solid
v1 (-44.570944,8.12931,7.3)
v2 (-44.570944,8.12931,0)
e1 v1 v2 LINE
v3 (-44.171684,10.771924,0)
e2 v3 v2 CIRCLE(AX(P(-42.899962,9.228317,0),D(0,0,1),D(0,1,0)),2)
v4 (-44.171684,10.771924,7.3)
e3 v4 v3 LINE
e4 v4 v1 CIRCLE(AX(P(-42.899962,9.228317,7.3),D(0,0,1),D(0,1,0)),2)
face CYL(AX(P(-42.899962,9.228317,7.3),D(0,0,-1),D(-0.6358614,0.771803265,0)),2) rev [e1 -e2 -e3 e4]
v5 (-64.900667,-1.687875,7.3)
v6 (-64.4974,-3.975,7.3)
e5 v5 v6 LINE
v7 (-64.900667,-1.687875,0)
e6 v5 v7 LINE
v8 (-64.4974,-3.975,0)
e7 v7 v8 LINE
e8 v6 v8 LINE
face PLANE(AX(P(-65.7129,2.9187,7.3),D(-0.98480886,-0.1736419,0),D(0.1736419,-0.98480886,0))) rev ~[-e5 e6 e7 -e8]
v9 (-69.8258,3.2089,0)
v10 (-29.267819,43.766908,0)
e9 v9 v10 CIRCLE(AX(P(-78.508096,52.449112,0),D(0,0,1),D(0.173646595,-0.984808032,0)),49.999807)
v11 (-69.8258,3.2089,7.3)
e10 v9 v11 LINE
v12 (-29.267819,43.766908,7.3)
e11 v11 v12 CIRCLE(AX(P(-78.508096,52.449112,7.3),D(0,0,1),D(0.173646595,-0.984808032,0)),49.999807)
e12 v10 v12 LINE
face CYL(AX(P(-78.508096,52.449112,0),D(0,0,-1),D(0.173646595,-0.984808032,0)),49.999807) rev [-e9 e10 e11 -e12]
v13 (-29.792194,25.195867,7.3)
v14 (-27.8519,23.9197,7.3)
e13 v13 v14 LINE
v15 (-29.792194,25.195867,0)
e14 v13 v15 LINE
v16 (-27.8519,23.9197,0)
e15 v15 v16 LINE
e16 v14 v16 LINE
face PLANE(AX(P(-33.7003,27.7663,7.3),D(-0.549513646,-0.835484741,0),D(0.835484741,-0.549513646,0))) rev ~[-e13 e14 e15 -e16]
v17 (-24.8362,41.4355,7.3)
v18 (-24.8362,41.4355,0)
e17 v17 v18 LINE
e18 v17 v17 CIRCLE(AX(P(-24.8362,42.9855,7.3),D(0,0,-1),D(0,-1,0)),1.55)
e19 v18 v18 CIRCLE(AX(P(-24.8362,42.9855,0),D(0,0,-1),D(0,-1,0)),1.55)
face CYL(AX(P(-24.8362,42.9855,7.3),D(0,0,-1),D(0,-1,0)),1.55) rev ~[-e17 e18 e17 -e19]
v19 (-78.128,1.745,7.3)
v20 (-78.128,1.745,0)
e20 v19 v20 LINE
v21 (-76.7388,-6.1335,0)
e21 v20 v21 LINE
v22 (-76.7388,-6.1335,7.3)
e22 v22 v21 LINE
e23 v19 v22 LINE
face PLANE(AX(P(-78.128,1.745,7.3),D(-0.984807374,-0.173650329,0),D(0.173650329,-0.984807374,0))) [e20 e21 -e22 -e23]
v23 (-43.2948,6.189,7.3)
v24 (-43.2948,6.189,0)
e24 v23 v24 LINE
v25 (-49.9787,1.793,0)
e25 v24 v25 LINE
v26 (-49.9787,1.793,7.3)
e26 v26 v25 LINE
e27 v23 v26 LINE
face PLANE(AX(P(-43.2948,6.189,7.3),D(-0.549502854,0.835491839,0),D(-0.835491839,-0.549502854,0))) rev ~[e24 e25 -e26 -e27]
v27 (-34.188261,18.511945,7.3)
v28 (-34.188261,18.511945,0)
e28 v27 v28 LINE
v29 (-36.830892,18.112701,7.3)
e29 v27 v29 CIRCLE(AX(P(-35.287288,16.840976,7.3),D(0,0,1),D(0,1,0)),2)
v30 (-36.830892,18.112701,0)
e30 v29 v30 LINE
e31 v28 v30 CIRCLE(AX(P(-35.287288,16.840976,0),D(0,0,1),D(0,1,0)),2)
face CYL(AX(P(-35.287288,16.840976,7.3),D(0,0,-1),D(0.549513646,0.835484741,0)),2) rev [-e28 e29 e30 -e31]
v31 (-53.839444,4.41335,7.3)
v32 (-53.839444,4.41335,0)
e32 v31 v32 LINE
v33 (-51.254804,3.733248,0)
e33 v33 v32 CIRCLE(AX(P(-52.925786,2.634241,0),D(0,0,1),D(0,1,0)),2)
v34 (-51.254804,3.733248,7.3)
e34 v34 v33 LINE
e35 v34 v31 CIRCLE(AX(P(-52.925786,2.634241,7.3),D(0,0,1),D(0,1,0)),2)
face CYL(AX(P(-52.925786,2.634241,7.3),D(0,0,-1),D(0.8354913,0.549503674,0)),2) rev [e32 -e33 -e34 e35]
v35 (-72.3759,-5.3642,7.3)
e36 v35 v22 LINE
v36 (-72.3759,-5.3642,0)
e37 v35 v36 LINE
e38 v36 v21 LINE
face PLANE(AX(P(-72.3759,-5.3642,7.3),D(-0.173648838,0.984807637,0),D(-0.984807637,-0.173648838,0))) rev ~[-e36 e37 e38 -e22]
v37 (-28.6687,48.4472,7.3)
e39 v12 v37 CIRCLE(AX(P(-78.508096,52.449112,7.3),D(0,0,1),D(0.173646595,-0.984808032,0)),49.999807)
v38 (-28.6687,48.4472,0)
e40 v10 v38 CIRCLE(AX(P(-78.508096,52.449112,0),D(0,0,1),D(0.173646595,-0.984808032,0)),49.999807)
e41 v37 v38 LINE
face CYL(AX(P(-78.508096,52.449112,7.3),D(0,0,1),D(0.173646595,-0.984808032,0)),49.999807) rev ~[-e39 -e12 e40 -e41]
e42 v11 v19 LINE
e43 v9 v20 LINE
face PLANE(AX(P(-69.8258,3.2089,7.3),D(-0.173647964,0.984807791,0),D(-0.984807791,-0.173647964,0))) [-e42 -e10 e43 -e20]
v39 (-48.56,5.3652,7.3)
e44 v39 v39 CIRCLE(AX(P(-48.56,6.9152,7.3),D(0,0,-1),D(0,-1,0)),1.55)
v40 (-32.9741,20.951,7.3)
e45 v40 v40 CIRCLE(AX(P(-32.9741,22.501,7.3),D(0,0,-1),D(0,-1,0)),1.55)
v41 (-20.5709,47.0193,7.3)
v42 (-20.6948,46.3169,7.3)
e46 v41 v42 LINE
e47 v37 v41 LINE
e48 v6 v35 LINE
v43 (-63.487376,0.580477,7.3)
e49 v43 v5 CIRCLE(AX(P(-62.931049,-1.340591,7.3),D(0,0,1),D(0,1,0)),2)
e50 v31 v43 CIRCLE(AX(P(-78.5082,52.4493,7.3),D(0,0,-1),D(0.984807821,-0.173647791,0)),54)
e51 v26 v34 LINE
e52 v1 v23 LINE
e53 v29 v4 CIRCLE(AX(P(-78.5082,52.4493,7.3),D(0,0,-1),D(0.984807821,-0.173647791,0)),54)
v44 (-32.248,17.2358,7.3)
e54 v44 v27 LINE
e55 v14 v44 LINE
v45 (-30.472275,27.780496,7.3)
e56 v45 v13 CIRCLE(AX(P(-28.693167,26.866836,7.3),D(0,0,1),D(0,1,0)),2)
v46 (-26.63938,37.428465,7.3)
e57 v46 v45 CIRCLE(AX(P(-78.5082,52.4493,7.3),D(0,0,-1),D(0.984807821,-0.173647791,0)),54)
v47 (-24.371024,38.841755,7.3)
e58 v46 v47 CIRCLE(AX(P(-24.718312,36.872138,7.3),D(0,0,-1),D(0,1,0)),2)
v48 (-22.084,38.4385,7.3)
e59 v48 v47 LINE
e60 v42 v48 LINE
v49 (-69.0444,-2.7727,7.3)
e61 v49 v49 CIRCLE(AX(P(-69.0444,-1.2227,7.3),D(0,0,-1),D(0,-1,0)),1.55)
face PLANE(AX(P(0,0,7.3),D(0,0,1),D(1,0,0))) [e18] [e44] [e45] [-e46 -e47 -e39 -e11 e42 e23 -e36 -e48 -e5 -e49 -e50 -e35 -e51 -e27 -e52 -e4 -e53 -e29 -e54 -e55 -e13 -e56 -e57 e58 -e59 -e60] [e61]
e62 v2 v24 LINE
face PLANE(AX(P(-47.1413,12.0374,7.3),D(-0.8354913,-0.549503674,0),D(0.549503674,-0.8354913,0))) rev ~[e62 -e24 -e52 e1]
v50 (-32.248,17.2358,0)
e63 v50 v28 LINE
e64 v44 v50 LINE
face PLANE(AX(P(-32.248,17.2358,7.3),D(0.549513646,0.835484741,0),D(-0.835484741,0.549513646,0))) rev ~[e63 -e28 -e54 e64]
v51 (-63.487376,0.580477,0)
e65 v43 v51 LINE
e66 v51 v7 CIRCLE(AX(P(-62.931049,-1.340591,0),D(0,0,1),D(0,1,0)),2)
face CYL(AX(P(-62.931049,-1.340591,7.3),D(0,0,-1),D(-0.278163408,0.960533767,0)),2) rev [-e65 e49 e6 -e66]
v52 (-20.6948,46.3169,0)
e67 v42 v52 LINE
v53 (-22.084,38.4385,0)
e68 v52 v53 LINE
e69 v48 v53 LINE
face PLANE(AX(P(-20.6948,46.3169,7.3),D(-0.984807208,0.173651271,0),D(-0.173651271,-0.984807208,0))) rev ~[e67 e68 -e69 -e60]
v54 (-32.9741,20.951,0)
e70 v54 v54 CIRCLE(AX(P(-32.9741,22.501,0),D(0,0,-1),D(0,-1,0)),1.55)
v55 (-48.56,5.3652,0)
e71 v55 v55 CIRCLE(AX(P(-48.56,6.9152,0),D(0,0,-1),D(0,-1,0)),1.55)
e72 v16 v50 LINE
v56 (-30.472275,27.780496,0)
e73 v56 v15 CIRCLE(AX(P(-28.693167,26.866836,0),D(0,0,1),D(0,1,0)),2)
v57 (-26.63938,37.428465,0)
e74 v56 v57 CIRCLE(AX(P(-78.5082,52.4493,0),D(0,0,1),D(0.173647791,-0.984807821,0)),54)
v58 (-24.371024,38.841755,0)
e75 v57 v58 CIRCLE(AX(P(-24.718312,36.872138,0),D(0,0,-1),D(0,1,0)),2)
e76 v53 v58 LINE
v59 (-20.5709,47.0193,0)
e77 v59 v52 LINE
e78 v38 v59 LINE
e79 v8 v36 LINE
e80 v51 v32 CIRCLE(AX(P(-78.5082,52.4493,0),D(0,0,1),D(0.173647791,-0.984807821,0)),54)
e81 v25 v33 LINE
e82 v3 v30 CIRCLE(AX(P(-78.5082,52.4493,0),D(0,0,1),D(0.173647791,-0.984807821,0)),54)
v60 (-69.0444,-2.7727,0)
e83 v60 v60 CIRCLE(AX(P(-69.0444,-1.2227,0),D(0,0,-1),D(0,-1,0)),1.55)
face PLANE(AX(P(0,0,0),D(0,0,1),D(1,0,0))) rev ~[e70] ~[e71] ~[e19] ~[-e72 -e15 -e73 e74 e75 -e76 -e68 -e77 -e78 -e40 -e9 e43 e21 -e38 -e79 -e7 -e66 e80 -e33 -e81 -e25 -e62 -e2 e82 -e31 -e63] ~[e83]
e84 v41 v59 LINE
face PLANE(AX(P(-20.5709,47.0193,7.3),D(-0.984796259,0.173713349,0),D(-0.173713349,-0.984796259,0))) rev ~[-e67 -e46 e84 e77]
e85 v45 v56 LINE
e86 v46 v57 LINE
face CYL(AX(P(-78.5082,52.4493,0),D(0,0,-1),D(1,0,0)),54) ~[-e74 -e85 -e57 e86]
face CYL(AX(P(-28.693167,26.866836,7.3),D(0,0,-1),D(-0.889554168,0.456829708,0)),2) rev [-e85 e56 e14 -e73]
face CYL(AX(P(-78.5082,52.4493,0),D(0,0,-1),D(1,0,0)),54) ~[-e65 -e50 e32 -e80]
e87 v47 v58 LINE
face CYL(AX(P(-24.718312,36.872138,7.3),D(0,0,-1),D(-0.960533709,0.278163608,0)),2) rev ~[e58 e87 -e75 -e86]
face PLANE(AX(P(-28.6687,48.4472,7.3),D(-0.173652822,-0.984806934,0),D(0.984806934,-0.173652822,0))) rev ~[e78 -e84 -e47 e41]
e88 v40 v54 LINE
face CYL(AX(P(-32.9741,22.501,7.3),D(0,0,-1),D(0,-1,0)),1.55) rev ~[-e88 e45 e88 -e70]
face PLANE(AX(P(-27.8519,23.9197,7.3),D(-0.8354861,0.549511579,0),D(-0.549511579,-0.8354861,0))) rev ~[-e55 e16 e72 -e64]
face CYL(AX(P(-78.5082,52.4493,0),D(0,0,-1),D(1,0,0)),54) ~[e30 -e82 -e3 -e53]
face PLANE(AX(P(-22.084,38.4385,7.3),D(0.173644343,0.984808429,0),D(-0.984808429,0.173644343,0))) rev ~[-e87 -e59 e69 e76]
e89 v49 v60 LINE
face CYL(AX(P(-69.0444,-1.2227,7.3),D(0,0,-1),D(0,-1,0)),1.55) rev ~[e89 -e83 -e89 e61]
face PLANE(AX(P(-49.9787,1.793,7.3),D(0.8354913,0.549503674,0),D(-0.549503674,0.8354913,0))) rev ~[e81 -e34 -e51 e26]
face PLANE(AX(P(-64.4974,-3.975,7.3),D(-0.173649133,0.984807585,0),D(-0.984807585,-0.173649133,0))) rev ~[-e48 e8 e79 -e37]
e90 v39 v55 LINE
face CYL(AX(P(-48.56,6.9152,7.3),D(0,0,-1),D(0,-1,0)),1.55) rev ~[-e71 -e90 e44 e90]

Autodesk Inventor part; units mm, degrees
ref_plane "YZ Plane" through (0, 0, 0) normal (1, 0, 0) x (0, 1, 0)
ref_plane "XZ Plane" through (0, 0, 0) normal (0, 1, 0) x (-1, 0, 0)
ref_plane "XY Plane" through (0, 0, 0) normal (0, 0, 1) x (1, 0, 0)
sketch "Sketch1" plane through (0, 0, 0) normal (0, 0, 1) x (1, 0, 0)
  circle A0 centre (-48.56, 6.9152) radius 2.1 projected
  circle A1 centre (-32.9741, 22.501) radius 2.1 projected
  circle A2 centre (-69.0444, -1.2227) radius 2.1 projected
  circle A3 centre (-24.8362, 42.9855) radius 2.1 projected
  circle A4 centre (-46.3856, -8.3913) radius 8 projected
  line L0 (-28.6687, 48.4472) -> (-17.4995, 54.7179) projected
  arc A5 (-69.8258, 3.2089) -> (-28.6687, 48.4472) centre (-78.5082, 52.4493) ccw projected
  line L1 (-69.8258, 3.2089) -> (-78.128, 1.745) projected
  line L2 (-78.128, 1.745) -> (-74.0482, -21.3924) projected
  line L3 (-74.0482, -21.3924) -> (-70.3922, -20.7477) projected
  arc A6 (-70.3922, -20.7477) -> (-49.7861, -35.1763) centre (-46.3856, -8.3913) ccw projected
  line L4 (-49.7861, -35.1763) -> (-49.1414, -38.8323) projected
  line L5 (-49.1414, -38.8323) -> (-41.263, -37.4431) projected
  line L6 (-41.263, -37.4431) -> (4.3164, -53.3072) projected
  line L7 (4.3164, -53.3072) -> (1.8974, -59.9532) projected
  line L8 (1.8974, -59.9532) -> (17.5702, -63.2237) projected
  arc A7 (17.5702, -63.2237) -> (22.7521, -63.408) centre (22.2724, -3.9734) ccw projected
  line L9 (22.7521, -63.408) -> (22.7442, -62.4373) projected
  arc A8 (24.6597, -60.4229) -> (22.7442, -62.4373) centre (24.7442, -62.4211) ccw projected
  arc A9 (24.6597, -60.4229) -> (33.3265, -59.3815) centre (22.2724, -3.9734) ccw projected
  arc A10 (35.6646, -60.8847) -> (33.3265, -59.3815) centre (33.7178, -61.3428) ccw projected
  line L10 (35.6646, -60.8847) -> (35.9706, -62.1851) projected
  arc A11 (35.9706, -62.1851) -> (41.9803, -60.4344) centre (22.2724, -3.9734) ccw projected
  line L11 (41.9803, -60.4344) -> (52.856, -55.363) projected
  arc A12 (52.856, -55.363) -> (58.0602, -51.8846) centre (22.2724, -3.9734) ccw projected
  line L12 (58.0602, -51.8846) -> (57.2607, -50.8143) projected
  arc A13 (57.6121, -48.0569) -> (57.2607, -50.8143) centre (58.863, -49.6174) ccw projected
  arc A14 (57.6121, -48.0569) -> (63.9808, -42.0872) centre (22.2724, -3.9734) ccw projected
  arc A15 (66.7551, -41.9147) -> (63.9808, -42.0872) centre (65.4572, -43.4363) ccw projected
  line L13 (66.7551, -41.9147) -> (67.4937, -42.5447) projected
  arc A16 (67.4937, -42.5447) -> (70.6833, -38.4566) centre (22.2724, -3.9734) ccw projected
  line L14 (70.6833, -38.4566) -> (78.2523, -24.3484) projected
  line L15 (78.2523, -24.3484) -> (71.6063, -21.9294) projected
  arc A17 (71.6063, -21.9294) -> (67.7387, 22.2766) centre (22.2724, -3.9734) ccw projected
  line L16 (67.7387, 22.2766) -> (73.8637, 25.8129) projected
  line L17 (73.8637, 25.8129) -> (63.9599, 38.3925) projected
  arc A18 (63.9599, 38.3925) -> (60.1088, 41.8646) centre (22.2724, -3.9734) ccw projected
  line L18 (60.1088, 41.8646) -> (59.4908, 41.1159) projected
  arc A19 (56.7287, 40.804) -> (59.4908, 41.1159) centre (57.9484, 42.389) ccw projected
  arc A20 (56.7287, 40.804) -> (49.4201, 45.5771) centre (22.2724, -3.9734) ccw projected
  arc A21 (48.5953, 48.2316) -> (49.4201, 45.5771) centre (50.3811, 47.3311) ccw projected
  line L19 (48.5953, 48.2316) -> (49.1968, 49.4245) projected
  arc A22 (49.1968, 49.4245) -> (43.4677, 51.9463) centre (22.2724, -3.9734) ccw projected
  line L20 (43.4677, 51.9463) -> (31.8766, 55.0521) projected
  arc A23 (31.8766, 55.0521) -> (25.6541, 55.7327) centre (22.2724, -3.9734) ccw projected
  line L21 (25.6541, 55.7327) -> (25.5786, 54.3989) projected
  arc A24 (23.537, 52.5125) -> (25.5786, 54.3989) centre (23.5818, 54.512) ccw projected
  arc A25 (23.537, 52.5125) -> (14.821, 52.0331) centre (22.2724, -3.9734) ccw projected
  arc A26 (12.5849, 53.6843) -> (14.821, 52.0331) centre (14.5573, 54.0157) ccw projected
  line L22 (12.5849, 53.6843) -> (12.4241, 54.6417) projected
  arc A27 (12.4241, 54.6417) -> (7.3529, 53.5603) centre (22.2724, -3.9734) ccw projected
  line L23 (7.3529, 53.5603) -> (-7.5139, 47.618) projected
  line L24 (-7.5139, 47.618) -> (-17.4995, 54.7179) projected
  circle A28 centre (-71.296, -16.8454) radius 1.5 projected
  circle A29 centre (18.8152, -59.8032) radius 1.5 projected
  circle A30 centre (53.4562, -50.8504) radius 1.5 projected
  circle A31 centre (60.8075, 36.5725) radius 1.5 projected
  circle A32 centre (28.5162, 51.9811) radius 1.5 projected
  circle A33 centre (9.173, 50.4079) radius 1.5 projected
  circle A34 centre (44.8423, 47.6065) radius 1.5 projected
  circle A35 centre (67.2628, -37.2117) radius 1.5 projected
  circle A36 centre (38.1378, -57.9935) radius 1.5 projected
  circle A37 centre (-45.81, -34.6909) radius 1.5 projected
  circle A38 centre (22.2724, -3.9734) radius 32.5 projected
  circle A39 centre (-78.5082, 52.4493) radius 5.9 projected
  circle A40 centre (-78.5082, 52.4493) radius 50
  circle A41 centre (-78.5082, 52.4493) radius 54
  line L25 (-78.5082, 52.4493) -> (-69.0444, -1.2227)
  line L26 (-78.5082, 52.4493) -> (-24.8362, 42.9855)
  point P0 (0, 0)
  point P1 (-25.3286, 43.0723)
  point P2 (-29.2678, 43.7669)
  point P3 (-69.1312, -0.7303)
  dimension "d0" = 100
  dimension "d1" = 108
extrude "Extrusion1" add sketch "Sketch1" along normal blind 7.3 contours A41 A0 | A0 A41 A2 L25 A5 L26 A3 A1 | A1 A41 | A41 L25 A2 | A3 L26 A41 picked at (-49.1962, 7.731) picked at (-33.8814, 22.9981) picked at (-68.8495, -0.1546) picked at (-25.9043, 42.7906)
sketch "Sketch2" plane through (0, 0, 7.3) normal (0, 0, 1) x (1, 0, 0)
  circle A0 centre (-48.56, 6.9152) radius 2.1 projected
  circle A1 centre (-32.9741, 22.501) radius 2.1 projected
  circle A2 centre (-69.0444, -1.2227) radius 2.1 projected
  circle A3 centre (-24.8362, 42.9855) radius 2.1 projected
  circle A4 centre (-46.3856, -8.3913) radius 8 projected
  line L0 (-28.6687, 48.4472) -> (-17.4995, 54.7179) projected
  arc A5 (-69.8258, 3.2089) -> (-28.6687, 48.4472) centre (-78.5082, 52.4493) ccw projected
  line L1 (-69.8258, 3.2089) -> (-78.128, 1.745) projected
  line L2 (-78.128, 1.745) -> (-74.0482, -21.3924) projected
  line L3 (-74.0482, -21.3924) -> (-70.3922, -20.7477) projected
  arc A6 (-70.3922, -20.7477) -> (-49.7861, -35.1763) centre (-46.3856, -8.3913) ccw projected
  line L4 (-49.7861, -35.1763) -> (-49.1414, -38.8323) projected
  line L5 (-49.1414, -38.8323) -> (-41.263, -37.4431) projected
  line L6 (-41.263, -37.4431) -> (4.3164, -53.3072) projected
  line L7 (4.3164, -53.3072) -> (1.8974, -59.9532) projected
  line L8 (1.8974, -59.9532) -> (17.5702, -63.2237) projected
  arc A7 (17.5702, -63.2237) -> (22.7521, -63.408) centre (22.2724, -3.9734) ccw projected
  line L9 (22.7521, -63.408) -> (22.7442, -62.4373) projected
  arc A8 (24.6597, -60.4229) -> (22.7442, -62.4373) centre (24.7442, -62.4211) ccw projected
  arc A9 (24.6597, -60.4229) -> (33.3265, -59.3815) centre (22.2724, -3.9734) ccw projected
  arc A10 (35.6646, -60.8847) -> (33.3265, -59.3815) centre (33.7178, -61.3428) ccw projected
  line L10 (35.6646, -60.8847) -> (35.9706, -62.1851) projected
  arc A11 (35.9706, -62.1851) -> (41.9803, -60.4344) centre (22.2724, -3.9734) ccw projected
  line L11 (41.9803, -60.4344) -> (52.856, -55.363) projected
  arc A12 (52.856, -55.363) -> (58.0602, -51.8846) centre (22.2724, -3.9734) ccw projected
  line L12 (58.0602, -51.8846) -> (57.2607, -50.8143) projected
  arc A13 (57.6121, -48.0569) -> (57.2607, -50.8143) centre (58.863, -49.6174) ccw projected
  arc A14 (57.6121, -48.0569) -> (63.9808, -42.0872) centre (22.2724, -3.9734) ccw projected
  arc A15 (66.7551, -41.9147) -> (63.9808, -42.0872) centre (65.4572, -43.4363) ccw projected
  line L13 (66.7551, -41.9147) -> (67.4937, -42.5447) projected
  arc A16 (67.4937, -42.5447) -> (70.6833, -38.4566) centre (22.2724, -3.9734) ccw projected
  line L14 (70.6833, -38.4566) -> (78.2523, -24.3484) projected
  line L15 (78.2523, -24.3484) -> (71.6063, -21.9294) projected
  arc A17 (71.6063, -21.9294) -> (67.7387, 22.2766) centre (22.2724, -3.9734) ccw projected
  line L16 (67.7387, 22.2766) -> (73.8637, 25.8129) projected
  line L17 (73.8637, 25.8129) -> (63.9599, 38.3925) projected
  arc A18 (63.9599, 38.3925) -> (60.1088, 41.8646) centre (22.2724, -3.9734) ccw projected
  line L18 (60.1088, 41.8646) -> (59.4908, 41.1159) projected
  arc A19 (56.7287, 40.804) -> (59.4908, 41.1159) centre (57.9484, 42.389) ccw projected
  arc A20 (56.7287, 40.804) -> (49.4201, 45.5771) centre (22.2724, -3.9734) ccw projected
  arc A21 (48.5953, 48.2316) -> (49.4201, 45.5771) centre (50.3811, 47.3311) ccw projected
  line L19 (48.5953, 48.2316) -> (49.1968, 49.4245) projected
  arc A22 (49.1968, 49.4245) -> (43.4677, 51.9463) centre (22.2724, -3.9734) ccw projected
  line L20 (43.4677, 51.9463) -> (31.8766, 55.0521) projected
  arc A23 (31.8766, 55.0521) -> (25.6541, 55.7327) centre (22.2724, -3.9734) ccw projected
  line L21 (25.6541, 55.7327) -> (25.5786, 54.3989) projected
  arc A24 (23.537, 52.5125) -> (25.5786, 54.3989) centre (23.5818, 54.512) ccw projected
  arc A25 (23.537, 52.5125) -> (14.821, 52.0331) centre (22.2724, -3.9734) ccw projected
  arc A26 (12.5849, 53.6843) -> (14.821, 52.0331) centre (14.5573, 54.0157) ccw projected
  line L22 (12.5849, 53.6843) -> (12.4241, 54.6417) projected
  arc A27 (12.4241, 54.6417) -> (7.3529, 53.5603) centre (22.2724, -3.9734) ccw projected
  line L23 (7.3529, 53.5603) -> (-7.5139, 47.618) projected
  line L24 (-7.5139, 47.618) -> (-17.4995, 54.7179) projected
  circle A28 centre (-71.296, -16.8454) radius 1.5 projected
  circle A29 centre (18.8152, -59.8032) radius 1.5 projected
  circle A30 centre (53.4562, -50.8504) radius 1.5 projected
  circle A31 centre (60.8075, 36.5725) radius 1.5 projected
  circle A32 centre (28.5162, 51.9811) radius 1.5 projected
  circle A33 centre (9.173, 50.4079) radius 1.5 projected
  circle A34 centre (44.8423, 47.6065) radius 1.5 projected
  circle A35 centre (67.2628, -37.2117) radius 1.5 projected
  circle A36 centre (38.1378, -57.9935) radius 1.5 projected
  circle A37 centre (-45.81, -34.6909) radius 1.5 projected
  circle A38 centre (22.2724, -3.9734) radius 32.5 projected
  line L25 (-78.5082, 52.4493) -> (-69.0444, -1.2227)
  line L26 (-64.4974, -3.975) -> (-72.3759, -5.3642)
  line L27 (-72.3759, -5.3642) -> (-73.5914, 1.5295)
  line L28 (-73.5914, 1.5295) -> (-65.7129, 2.9187)
  line L29 (-65.7129, 2.9187) -> (-64.4974, -3.975)
  line L30 (-64.4974, -3.975) -> (-73.5914, 1.5295) construction
  line L31 (-72.3759, -5.3642) -> (-65.7129, 2.9187) construction
  line L32 (-43.2948, 6.189) -> (-49.9787, 1.793)
  line L33 (-47.1413, 12.0374) -> (-43.2948, 6.189)
  line L34 (-53.8252, 7.6414) -> (-47.1413, 12.0374)
  line L35 (-49.9787, 1.793) -> (-53.8252, 7.6414)
  line L36 (-27.8519, 23.9197) -> (-32.248, 17.2358)
  line L37 (-33.7003, 27.7663) -> (-27.8519, 23.9197)
  line L38 (-38.0964, 21.0824) -> (-33.7003, 27.7663)
  line L39 (-32.248, 17.2358) -> (-38.0964, 21.0824)
  line L40 (-20.6948, 46.3169) -> (-22.084, 38.4385)
  line L41 (-27.5884, 47.5325) -> (-20.6948, 46.3169)
  line L42 (-28.9776, 39.654) -> (-27.5884, 47.5325)
  line L43 (-22.084, 38.4385) -> (-28.9776, 39.654)
  line L44 (-72.3759, -5.3642) -> (-76.7388, -6.1335)
  line L45 (-28.6687, 48.4472) -> (-20.5709, 47.0193)
  line L46 (-20.5709, 47.0193) -> (-20.6948, 46.3169)
  line L47 (-25.3286, 43.0723) -> (-29.2678, 43.7669) projected
  point P0 (0, 0)
  point P1 (-69.6522, 2.2241)
  point P2 (-28.283, 43.5932)
  dimension "d4" = 8
  dimension "d5" = 7
  dimension "d8" = 70
extrude "Extrusion2" add sketch "Sketch2" against normal blind 7.3 contours A0 | A1 | A2 | L28 L29 L26 L27 | L28 L27 L44 L2 L1 L25 | A5 L45 L46 L41 L42 L47 | L42 L41 L40 L43 | A3 | L32 L35 L34 L33 | L36 L39 L38 L37
sketch "Sketch3" plane through (0, 0, 7.3) normal (0, 0, 1) x (1, 0, 0)
  circle A0 centre (-24.8362, 42.9855) radius 2.1 projected
  circle A1 centre (-32.9741, 22.501) radius 2.1 projected
  circle A2 centre (-48.56, 6.9152) radius 2.1 projected
  circle A3 centre (-69.0444, -1.2227) radius 2.1 projected
  point P0 (0, 0)
hole "Hole1" at (-24.8362, 42.9855, 7.3) at (-32.9741, 22.501, 7.3) at (-48.56, 6.9152, 7.3) at (-69.0444, -1.2227, 7.3) direction (0, 0, -1) diameter 3.1 depth 17
fillet "Fillet1" radius 2 6 edges at (-65.2178, 0.1104, 3.65) (-52.2582, 5.2588, 3.65) (-45.5743, 9.6549, 3.65) (-35.7139, 19.5154, 3.65) (-31.3178, 26.1993, 3.65) (-26.1693, 39.1588, 3.65)
properties part number "shell_5" material "ABS Plastic"
